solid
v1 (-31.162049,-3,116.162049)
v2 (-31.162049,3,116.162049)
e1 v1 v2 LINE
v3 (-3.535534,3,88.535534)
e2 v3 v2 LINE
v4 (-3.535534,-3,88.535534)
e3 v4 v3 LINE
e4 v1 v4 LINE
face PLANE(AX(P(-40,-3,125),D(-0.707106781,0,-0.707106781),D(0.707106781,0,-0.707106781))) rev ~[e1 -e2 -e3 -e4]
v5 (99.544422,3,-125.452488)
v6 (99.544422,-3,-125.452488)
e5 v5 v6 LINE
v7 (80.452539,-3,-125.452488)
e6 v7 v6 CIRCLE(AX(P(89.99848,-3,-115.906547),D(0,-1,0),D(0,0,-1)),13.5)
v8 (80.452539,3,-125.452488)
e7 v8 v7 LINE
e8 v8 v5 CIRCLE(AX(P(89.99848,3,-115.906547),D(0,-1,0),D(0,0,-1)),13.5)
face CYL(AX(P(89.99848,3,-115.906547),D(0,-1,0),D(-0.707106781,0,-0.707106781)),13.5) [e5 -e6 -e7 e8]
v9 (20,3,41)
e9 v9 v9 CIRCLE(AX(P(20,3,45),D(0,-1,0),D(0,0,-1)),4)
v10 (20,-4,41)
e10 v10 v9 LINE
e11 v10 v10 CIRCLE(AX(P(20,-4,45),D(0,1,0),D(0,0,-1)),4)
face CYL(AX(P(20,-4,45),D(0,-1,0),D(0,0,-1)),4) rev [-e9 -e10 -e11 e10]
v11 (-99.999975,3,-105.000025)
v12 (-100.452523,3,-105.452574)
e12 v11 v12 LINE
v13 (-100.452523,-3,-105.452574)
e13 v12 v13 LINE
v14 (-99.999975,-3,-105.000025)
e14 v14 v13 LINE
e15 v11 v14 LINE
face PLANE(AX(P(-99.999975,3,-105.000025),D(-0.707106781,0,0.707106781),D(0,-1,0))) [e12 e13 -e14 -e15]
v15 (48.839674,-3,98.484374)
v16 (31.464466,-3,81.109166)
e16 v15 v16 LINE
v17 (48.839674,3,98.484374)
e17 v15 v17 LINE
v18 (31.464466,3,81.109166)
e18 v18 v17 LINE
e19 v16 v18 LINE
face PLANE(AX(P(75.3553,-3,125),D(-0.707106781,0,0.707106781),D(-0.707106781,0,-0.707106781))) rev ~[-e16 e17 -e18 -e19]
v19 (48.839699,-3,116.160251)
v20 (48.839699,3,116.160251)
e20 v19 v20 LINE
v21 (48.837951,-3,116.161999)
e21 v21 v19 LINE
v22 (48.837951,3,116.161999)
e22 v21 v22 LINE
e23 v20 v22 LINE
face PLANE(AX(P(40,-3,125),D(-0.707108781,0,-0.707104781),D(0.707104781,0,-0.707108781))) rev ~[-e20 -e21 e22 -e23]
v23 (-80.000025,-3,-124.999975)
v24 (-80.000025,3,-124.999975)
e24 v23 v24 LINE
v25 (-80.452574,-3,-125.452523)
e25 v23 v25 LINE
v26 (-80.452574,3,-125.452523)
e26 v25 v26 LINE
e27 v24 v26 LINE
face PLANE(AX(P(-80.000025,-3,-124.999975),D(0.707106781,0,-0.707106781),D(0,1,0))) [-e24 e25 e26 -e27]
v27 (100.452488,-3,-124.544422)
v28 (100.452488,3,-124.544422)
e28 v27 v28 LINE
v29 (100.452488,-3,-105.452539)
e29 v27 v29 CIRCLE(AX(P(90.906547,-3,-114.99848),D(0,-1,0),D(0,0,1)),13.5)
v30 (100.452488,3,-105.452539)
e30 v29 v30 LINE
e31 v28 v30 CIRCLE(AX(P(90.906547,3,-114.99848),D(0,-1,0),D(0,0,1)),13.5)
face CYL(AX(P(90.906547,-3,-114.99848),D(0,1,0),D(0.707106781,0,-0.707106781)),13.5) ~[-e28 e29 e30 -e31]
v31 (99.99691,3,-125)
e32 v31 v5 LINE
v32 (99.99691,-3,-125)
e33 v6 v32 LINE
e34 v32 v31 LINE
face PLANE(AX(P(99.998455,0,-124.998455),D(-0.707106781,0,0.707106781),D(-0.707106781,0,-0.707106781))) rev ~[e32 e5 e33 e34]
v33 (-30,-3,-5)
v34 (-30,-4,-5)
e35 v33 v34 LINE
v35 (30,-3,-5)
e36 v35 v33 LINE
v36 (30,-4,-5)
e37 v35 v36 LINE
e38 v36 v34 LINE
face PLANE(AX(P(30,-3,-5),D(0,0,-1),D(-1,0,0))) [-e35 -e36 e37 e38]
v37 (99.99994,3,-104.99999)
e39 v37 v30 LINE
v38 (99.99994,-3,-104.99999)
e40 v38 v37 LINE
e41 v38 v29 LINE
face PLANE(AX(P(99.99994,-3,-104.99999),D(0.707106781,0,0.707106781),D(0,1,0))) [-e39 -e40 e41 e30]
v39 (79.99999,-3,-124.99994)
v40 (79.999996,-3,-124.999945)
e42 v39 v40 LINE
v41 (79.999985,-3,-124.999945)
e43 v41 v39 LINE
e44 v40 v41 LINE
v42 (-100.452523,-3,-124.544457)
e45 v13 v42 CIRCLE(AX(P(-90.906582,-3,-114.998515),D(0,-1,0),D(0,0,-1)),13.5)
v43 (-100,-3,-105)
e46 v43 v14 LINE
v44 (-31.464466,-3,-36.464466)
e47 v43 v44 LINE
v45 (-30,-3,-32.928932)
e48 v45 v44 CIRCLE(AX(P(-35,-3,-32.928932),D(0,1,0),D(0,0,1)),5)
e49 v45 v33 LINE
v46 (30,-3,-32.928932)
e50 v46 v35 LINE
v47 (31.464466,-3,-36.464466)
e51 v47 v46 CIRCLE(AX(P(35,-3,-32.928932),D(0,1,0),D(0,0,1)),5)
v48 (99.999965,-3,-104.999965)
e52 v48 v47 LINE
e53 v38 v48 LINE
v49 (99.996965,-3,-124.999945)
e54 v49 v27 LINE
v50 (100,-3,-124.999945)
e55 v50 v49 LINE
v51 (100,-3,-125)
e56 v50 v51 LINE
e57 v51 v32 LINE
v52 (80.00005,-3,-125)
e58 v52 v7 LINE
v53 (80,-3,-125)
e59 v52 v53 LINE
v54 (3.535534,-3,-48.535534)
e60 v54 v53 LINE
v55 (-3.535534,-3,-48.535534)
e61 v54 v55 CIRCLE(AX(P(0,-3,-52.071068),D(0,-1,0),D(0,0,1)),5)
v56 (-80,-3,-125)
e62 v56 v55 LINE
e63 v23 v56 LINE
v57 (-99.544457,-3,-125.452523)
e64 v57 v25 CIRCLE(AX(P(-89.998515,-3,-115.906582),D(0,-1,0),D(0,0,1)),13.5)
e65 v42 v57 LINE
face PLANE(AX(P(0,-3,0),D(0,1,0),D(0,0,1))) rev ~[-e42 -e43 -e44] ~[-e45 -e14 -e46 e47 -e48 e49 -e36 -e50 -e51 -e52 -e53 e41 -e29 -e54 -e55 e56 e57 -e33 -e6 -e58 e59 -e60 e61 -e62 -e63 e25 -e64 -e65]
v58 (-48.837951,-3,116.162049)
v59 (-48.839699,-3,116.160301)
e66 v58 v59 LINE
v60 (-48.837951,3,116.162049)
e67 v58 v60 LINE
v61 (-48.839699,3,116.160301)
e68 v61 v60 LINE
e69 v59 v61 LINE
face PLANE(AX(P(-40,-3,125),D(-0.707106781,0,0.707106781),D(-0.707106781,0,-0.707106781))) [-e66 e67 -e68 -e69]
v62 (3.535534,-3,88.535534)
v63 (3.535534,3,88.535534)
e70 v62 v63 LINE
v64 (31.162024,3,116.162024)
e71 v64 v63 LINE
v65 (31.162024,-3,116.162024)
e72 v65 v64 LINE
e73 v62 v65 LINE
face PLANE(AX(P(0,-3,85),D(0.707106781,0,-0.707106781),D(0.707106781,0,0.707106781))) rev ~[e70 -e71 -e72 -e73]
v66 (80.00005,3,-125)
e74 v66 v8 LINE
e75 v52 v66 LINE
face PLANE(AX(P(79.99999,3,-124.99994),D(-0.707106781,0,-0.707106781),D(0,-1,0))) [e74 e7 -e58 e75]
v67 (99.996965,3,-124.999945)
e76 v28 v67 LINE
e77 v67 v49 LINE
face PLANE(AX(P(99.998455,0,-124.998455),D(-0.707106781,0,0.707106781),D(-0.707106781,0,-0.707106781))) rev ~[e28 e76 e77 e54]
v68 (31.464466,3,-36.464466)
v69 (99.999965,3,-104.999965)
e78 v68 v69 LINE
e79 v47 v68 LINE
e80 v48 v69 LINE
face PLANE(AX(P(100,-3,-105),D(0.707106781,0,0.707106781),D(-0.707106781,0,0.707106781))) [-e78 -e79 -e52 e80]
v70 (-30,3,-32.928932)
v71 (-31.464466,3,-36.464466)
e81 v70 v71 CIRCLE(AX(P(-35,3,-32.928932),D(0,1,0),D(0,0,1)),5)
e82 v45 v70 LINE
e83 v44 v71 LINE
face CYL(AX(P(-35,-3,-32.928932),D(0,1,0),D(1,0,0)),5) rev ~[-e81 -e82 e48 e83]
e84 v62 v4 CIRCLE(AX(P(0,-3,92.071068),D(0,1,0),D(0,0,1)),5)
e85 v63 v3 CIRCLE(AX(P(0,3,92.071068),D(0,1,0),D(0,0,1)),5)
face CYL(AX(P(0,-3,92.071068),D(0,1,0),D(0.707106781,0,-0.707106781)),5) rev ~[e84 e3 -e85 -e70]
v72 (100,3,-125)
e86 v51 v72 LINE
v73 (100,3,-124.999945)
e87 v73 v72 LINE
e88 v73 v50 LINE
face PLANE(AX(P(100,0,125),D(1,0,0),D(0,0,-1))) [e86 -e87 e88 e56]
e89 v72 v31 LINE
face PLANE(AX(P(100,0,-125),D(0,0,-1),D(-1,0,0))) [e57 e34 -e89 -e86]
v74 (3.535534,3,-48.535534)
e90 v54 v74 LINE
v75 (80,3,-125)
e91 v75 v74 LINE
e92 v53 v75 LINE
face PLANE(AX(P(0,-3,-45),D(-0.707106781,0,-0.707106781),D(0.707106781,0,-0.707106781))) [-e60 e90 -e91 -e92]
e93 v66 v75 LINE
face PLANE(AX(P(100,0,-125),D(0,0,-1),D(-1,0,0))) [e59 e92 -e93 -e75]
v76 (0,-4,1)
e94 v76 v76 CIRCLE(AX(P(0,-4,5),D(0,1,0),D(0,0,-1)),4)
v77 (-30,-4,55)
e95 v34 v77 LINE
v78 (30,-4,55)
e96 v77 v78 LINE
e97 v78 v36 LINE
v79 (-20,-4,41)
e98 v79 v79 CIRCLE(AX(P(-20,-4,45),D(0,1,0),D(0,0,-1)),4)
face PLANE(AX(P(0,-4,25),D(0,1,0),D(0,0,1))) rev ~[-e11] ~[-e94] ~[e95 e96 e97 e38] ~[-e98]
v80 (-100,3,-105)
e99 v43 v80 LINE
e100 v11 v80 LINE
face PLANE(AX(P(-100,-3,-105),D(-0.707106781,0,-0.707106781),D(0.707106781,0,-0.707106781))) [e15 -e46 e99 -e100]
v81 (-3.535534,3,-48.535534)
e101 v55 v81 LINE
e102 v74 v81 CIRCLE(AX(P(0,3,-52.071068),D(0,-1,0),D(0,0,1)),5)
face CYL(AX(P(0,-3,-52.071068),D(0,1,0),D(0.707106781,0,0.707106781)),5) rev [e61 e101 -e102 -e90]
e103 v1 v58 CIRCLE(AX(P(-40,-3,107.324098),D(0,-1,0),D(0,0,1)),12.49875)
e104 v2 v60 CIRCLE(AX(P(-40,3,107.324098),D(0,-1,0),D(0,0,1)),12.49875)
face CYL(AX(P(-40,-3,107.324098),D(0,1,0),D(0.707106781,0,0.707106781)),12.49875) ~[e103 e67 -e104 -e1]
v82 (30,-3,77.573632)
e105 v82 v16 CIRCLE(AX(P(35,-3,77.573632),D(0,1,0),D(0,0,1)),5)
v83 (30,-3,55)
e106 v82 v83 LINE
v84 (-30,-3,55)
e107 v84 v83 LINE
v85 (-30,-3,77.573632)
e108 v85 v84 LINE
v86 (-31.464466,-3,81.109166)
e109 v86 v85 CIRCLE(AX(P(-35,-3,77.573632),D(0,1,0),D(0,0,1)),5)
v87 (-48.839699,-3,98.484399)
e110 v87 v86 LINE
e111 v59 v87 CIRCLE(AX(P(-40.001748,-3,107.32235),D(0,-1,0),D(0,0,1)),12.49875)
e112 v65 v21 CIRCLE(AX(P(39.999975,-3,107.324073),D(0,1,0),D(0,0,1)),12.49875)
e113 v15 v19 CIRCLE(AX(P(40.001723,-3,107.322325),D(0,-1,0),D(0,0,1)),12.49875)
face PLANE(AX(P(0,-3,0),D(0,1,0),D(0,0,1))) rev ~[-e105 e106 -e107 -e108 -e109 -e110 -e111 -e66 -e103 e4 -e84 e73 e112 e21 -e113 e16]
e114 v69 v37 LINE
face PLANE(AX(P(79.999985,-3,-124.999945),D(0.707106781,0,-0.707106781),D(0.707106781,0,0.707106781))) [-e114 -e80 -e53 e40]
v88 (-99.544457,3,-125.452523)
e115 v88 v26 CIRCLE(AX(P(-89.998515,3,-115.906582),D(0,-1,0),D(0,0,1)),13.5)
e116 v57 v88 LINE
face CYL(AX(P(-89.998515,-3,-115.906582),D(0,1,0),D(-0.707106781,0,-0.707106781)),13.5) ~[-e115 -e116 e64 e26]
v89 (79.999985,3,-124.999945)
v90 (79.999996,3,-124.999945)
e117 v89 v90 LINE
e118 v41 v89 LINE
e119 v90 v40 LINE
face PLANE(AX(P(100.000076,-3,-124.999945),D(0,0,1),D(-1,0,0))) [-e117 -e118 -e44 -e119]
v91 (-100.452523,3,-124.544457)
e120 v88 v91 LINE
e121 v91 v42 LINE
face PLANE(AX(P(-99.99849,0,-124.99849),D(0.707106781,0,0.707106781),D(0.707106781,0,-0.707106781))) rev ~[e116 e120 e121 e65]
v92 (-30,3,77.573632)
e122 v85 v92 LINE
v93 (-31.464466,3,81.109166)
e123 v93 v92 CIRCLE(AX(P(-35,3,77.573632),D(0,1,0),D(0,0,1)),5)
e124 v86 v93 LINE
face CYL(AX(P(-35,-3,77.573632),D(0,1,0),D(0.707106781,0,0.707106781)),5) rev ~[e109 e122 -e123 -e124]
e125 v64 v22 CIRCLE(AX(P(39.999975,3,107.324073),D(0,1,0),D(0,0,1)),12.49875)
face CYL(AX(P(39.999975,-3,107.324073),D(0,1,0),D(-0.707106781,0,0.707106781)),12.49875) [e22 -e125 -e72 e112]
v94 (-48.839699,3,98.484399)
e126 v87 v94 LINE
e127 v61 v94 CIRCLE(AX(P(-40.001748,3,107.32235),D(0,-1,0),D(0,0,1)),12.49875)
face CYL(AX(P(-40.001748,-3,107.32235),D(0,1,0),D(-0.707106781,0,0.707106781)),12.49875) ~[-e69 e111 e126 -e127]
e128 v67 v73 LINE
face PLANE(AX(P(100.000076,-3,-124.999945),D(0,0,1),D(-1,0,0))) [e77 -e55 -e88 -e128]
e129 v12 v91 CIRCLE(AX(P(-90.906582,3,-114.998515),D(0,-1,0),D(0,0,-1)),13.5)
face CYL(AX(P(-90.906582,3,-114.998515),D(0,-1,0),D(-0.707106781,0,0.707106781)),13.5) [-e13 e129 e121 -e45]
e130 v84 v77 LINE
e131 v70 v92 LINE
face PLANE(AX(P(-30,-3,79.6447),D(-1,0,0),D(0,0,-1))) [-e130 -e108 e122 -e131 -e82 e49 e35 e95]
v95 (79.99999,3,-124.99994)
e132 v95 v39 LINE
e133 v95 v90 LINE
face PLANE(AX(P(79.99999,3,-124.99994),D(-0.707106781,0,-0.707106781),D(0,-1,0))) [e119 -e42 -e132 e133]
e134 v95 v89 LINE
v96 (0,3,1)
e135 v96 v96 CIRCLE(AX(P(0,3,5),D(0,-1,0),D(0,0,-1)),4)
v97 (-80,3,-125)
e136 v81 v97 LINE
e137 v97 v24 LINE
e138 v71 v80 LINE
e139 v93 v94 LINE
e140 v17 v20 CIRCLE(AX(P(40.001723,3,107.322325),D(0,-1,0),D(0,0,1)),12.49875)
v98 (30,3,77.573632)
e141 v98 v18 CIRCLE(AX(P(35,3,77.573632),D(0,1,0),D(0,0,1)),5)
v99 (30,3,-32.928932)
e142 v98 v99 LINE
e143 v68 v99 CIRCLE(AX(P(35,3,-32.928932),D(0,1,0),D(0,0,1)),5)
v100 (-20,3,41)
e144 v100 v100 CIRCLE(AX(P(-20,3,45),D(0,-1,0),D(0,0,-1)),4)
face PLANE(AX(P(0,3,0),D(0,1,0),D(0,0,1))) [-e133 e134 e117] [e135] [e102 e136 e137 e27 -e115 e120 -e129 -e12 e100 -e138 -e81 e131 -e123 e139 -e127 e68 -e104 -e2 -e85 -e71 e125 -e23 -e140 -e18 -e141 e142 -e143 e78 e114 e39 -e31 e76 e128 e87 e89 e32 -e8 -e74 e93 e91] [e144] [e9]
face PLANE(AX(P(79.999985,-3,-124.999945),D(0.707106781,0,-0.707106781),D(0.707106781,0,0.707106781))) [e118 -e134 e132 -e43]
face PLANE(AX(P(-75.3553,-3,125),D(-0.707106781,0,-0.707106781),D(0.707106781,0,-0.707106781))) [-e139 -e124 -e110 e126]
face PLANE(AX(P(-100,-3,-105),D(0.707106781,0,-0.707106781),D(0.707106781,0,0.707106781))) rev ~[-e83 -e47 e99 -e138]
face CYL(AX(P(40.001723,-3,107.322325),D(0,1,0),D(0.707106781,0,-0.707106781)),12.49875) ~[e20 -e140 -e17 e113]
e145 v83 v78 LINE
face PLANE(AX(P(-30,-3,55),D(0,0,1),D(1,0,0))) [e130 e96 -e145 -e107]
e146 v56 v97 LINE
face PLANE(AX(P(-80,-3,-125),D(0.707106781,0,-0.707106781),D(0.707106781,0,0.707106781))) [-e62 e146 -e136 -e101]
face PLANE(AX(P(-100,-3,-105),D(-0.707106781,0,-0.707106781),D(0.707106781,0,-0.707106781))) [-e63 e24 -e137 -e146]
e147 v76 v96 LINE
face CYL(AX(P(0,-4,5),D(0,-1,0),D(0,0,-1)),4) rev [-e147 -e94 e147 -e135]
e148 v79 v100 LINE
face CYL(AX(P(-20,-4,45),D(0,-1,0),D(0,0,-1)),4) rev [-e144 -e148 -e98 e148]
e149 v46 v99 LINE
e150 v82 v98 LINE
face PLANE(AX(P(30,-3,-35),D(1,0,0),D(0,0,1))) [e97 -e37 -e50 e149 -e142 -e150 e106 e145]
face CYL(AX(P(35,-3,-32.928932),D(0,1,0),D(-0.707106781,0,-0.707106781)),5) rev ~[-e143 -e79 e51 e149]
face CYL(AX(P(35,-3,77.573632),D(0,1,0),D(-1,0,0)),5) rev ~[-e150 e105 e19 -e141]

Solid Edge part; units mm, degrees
sketch "Sketch1" plane through (0, 0, 0) normal (0, -1, 0) x (1, 0, 0)
  line L0 (-100, 125) -> (100, 125)
  line L1 (100, 125) -> (100, -125)
  line L2 (100, -125) -> (-100, -125)
  line L3 (-100, -125) -> (-100, 125)
  dimension "D1" = 200
  dimension "D2" = 250
extrude "Protrusion1" add sketch "Sketch1" along normal mid plane 6
sketch "Sketch2" plane through (0, -3, 0) normal (0, -1, 0) x (1, 0, 0)
  line L0 (-30, 55) -> (30, 55)
  line L1 (30, 55) -> (30, -5)
  line L2 (30, -5) -> (-30, -5)
  line L3 (-30, -5) -> (-30, 55)
  dimension "D1" = 70
  dimension "D2" = 60
  dimension "D3" = 60
extrude "Ausprägung_2" add sketch "Sketch2" along normal blind 1
hole "Bohrung_1" at (20, -4, 45) direction (0, 1, 0) diameter 8 end up to next
hole "Hole1" at (0, -4, 5) direction (0, 1, 0) diameter 8 end up to next
hole "Hole2" at (-20, -4, 45) direction (0, 1, 0) diameter 8 end up to next
sketch "Sketch3" plane through (0, -3, 0) normal (0, -1, 0) x (1, 0, 0)
  line L0 (-80, -125) -> (0, -45)
  line L1 (0, -45) -> (80, -125)
  line L2 (-80, -125) -> (80, -125)
  dimension "D1" = 160
  dimension "D2" = 20
extrude "Ausschnitt_1" cut sketch "Sketch3" against normal blind 146.05
sketch "Sketch4" plane through (0, -3, 0) normal (0, -1, 0) x (1, 0, 0)
  line L0 (-100, -105) -> (-30, -35)
  line L1 (-30, -35) -> (-30, -5)
  line L2 (-30, -5) -> (-30, 55)
  line L3 (-30, 55) -> (-100, 55)
  line L4 (-100, 55) -> (-100, -105)
  dimension "D1" = 20
extrude "Ausschnitt_2" cut sketch "Sketch4" against normal blind 200.025
sketch "Sketch5" plane through (0, -3, 0) normal (0, -1, 0) x (1, 0, 0)
  line L0 (100, -105) -> (30, -35)
  line L1 (30, -35) -> (30, -5)
  line L2 (30, -5) -> (30, 55)
  line L3 (30, 55) -> (100, 55)
  line L4 (100, 55) -> (100, -105)
  dimension "D1" = 20
extrude "Ausschnitt_3" cut sketch "Sketch5" against normal blind 184.15
sketch "Sketch6" plane through (0, -3, 90) normal (0, -1, 0) x (1, 0, 0)
  line L0 (-40, 35) -> (0, -5)
  line L1 (0, -5) -> (40, 35)
  line L2 (40, 35) -> (-40, 35)
  dimension "D1" = 80
extrude "Ausschnitt_4" cut sketch "Sketch6" against normal blind 88.9
sketch "Sketch7" plane through (0, -3, 90) normal (0, -1, 0) x (1, 0, 0)
  line L0 (-75.3553, 35) -> (-30, -10.3553)
  line L1 (-30, -10.3553) -> (-30, -35)
  line L2 (-30, -35) -> (-100, -35)
  line L3 (-100, -35) -> (-100, 35)
  line L4 (-100, 35) -> (-75.3553, 35)
  dimension "D1" = 30
extrude "Ausschnitt_5" cut sketch "Sketch7" against normal blind 38.1
sketch "Sketch8" plane through (12.3223, -3, 90) normal (0, -1, 0) x (1, 0, 0)
  line L0 (63.033, 35) -> (17.6777, -10.3553)
  line L1 (17.6777, -10.3553) -> (17.6777, -35)
  line L2 (17.6777, -35) -> (87.6777, -35)
  line L3 (87.6777, -35) -> (87.6777, 35)
  line L4 (87.6777, 35) -> (63.033, 35)
  dimension "D1" = 17.6777
extrude "Ausschnitt_6" cut sketch "Sketch8" against normal blind 104.775
sketch "Sketch9" plane through (0, -3, 90) normal (0, -1, 0) x (1, 0, 0)
  line L0 (-40, 35) -> (-57.6777, 17.3223)
  line L1 (-57.6777, 17.3223) -> (-75.3553, 35)
  line L2 (-75.3553, 35) -> (-40, 35)
extrude "Ausschnitt_7" cut sketch "Sketch9" against normal blind 63.5
sketch "Sketch10" plane through (8.8388, -3, 90) normal (0, -1, 0) x (1, 0, 0)
  line L0 (31.1612, 35) -> (48.8388, 17.3223)
  line L1 (48.8388, 17.3223) -> (66.5165, 35)
  line L2 (66.5165, 35) -> (31.1612, 35)
extrude "Ausschnitt_8" cut sketch "Sketch10" against normal blind 82.55
fillet "Verrundung_1" radius 12.5 4 edges at (-40, 0, 125) (-57.6777, 0, 107.3223) (40, 0, 125) (57.6777, 0, 107.3223)
sketch "Sketch11" plane through (0, -3, -65) normal (0, -1, 0) x (1, 0, 0)
  line L0 (-100, -40) -> (-80, -60)
  line L1 (-100, -40) -> (-100, -60)
  line L2 (-100, -60) -> (-80, -60)
extrude "Ausschnitt_9" cut sketch "Sketch11" against normal blind 60.325
sketch "Sketch12" plane through (-90, 0, -115) normal (-0.7071, 0, -0.7071) x (0, -1, 0)
  line L0 (-3, 14.1421) -> (3, 14.1421)
  line L1 (3, 14.1421) -> (3, -14.1421)
  line L2 (3, -14.1421) -> (-3, -14.1421)
  line L3 (-3, -14.1421) -> (-3, 14.1421)
extrude "Ausprägung_3" add sketch "Sketch12" along normal blind 14.14
sketch "Sketch13" plane through (-4.9992, -3, -69.9992) normal (0, -1, 0) x (-0.7071, 0, 0.7071)
  line L0 (-98.9949, -21.2121) -> (-98.9949, -49.4964)
  line L1 (-98.9949, -49.4964) -> (-113.1371, -35.3543)
  line L2 (-113.1371, -35.3543) -> (-98.9949, -21.2121)
extrude "Ausschnitt_10" cut sketch "Sketch13" against normal blind 63.5
sketch "Sketch14" plane through (90, 0, -115) normal (0.7071, 0, -0.7071) x (0.7071, 0, 0.7071)
  line L0 (-14.1421, 3) -> (14.1421, 3)
  line L1 (14.1421, 3) -> (14.1421, -3)
  line L2 (14.1421, -3) -> (-14.1421, -3)
  line L3 (-14.1421, -3) -> (-14.1421, 3)
extrude "Ausprägung_4" add sketch "Sketch14" along normal blind 14.14
fillet "Verrundung_2" radius 13.5 4 edges at (-109.9985, 0, -114.9985) (-89.9985, 0, -134.9985) (89.9985, 0, -134.9985) (109.9985, 0, -114.9985)
fillet "Verrundung_3" radius 5 6 edges at (-30, 0, -35) (-30, 0, 79.6447) (0, 0, 85) (30, 0, 79.6447) (30, 0, -35) (0, 0, -45)
properties material "Aluminium, 1060"
